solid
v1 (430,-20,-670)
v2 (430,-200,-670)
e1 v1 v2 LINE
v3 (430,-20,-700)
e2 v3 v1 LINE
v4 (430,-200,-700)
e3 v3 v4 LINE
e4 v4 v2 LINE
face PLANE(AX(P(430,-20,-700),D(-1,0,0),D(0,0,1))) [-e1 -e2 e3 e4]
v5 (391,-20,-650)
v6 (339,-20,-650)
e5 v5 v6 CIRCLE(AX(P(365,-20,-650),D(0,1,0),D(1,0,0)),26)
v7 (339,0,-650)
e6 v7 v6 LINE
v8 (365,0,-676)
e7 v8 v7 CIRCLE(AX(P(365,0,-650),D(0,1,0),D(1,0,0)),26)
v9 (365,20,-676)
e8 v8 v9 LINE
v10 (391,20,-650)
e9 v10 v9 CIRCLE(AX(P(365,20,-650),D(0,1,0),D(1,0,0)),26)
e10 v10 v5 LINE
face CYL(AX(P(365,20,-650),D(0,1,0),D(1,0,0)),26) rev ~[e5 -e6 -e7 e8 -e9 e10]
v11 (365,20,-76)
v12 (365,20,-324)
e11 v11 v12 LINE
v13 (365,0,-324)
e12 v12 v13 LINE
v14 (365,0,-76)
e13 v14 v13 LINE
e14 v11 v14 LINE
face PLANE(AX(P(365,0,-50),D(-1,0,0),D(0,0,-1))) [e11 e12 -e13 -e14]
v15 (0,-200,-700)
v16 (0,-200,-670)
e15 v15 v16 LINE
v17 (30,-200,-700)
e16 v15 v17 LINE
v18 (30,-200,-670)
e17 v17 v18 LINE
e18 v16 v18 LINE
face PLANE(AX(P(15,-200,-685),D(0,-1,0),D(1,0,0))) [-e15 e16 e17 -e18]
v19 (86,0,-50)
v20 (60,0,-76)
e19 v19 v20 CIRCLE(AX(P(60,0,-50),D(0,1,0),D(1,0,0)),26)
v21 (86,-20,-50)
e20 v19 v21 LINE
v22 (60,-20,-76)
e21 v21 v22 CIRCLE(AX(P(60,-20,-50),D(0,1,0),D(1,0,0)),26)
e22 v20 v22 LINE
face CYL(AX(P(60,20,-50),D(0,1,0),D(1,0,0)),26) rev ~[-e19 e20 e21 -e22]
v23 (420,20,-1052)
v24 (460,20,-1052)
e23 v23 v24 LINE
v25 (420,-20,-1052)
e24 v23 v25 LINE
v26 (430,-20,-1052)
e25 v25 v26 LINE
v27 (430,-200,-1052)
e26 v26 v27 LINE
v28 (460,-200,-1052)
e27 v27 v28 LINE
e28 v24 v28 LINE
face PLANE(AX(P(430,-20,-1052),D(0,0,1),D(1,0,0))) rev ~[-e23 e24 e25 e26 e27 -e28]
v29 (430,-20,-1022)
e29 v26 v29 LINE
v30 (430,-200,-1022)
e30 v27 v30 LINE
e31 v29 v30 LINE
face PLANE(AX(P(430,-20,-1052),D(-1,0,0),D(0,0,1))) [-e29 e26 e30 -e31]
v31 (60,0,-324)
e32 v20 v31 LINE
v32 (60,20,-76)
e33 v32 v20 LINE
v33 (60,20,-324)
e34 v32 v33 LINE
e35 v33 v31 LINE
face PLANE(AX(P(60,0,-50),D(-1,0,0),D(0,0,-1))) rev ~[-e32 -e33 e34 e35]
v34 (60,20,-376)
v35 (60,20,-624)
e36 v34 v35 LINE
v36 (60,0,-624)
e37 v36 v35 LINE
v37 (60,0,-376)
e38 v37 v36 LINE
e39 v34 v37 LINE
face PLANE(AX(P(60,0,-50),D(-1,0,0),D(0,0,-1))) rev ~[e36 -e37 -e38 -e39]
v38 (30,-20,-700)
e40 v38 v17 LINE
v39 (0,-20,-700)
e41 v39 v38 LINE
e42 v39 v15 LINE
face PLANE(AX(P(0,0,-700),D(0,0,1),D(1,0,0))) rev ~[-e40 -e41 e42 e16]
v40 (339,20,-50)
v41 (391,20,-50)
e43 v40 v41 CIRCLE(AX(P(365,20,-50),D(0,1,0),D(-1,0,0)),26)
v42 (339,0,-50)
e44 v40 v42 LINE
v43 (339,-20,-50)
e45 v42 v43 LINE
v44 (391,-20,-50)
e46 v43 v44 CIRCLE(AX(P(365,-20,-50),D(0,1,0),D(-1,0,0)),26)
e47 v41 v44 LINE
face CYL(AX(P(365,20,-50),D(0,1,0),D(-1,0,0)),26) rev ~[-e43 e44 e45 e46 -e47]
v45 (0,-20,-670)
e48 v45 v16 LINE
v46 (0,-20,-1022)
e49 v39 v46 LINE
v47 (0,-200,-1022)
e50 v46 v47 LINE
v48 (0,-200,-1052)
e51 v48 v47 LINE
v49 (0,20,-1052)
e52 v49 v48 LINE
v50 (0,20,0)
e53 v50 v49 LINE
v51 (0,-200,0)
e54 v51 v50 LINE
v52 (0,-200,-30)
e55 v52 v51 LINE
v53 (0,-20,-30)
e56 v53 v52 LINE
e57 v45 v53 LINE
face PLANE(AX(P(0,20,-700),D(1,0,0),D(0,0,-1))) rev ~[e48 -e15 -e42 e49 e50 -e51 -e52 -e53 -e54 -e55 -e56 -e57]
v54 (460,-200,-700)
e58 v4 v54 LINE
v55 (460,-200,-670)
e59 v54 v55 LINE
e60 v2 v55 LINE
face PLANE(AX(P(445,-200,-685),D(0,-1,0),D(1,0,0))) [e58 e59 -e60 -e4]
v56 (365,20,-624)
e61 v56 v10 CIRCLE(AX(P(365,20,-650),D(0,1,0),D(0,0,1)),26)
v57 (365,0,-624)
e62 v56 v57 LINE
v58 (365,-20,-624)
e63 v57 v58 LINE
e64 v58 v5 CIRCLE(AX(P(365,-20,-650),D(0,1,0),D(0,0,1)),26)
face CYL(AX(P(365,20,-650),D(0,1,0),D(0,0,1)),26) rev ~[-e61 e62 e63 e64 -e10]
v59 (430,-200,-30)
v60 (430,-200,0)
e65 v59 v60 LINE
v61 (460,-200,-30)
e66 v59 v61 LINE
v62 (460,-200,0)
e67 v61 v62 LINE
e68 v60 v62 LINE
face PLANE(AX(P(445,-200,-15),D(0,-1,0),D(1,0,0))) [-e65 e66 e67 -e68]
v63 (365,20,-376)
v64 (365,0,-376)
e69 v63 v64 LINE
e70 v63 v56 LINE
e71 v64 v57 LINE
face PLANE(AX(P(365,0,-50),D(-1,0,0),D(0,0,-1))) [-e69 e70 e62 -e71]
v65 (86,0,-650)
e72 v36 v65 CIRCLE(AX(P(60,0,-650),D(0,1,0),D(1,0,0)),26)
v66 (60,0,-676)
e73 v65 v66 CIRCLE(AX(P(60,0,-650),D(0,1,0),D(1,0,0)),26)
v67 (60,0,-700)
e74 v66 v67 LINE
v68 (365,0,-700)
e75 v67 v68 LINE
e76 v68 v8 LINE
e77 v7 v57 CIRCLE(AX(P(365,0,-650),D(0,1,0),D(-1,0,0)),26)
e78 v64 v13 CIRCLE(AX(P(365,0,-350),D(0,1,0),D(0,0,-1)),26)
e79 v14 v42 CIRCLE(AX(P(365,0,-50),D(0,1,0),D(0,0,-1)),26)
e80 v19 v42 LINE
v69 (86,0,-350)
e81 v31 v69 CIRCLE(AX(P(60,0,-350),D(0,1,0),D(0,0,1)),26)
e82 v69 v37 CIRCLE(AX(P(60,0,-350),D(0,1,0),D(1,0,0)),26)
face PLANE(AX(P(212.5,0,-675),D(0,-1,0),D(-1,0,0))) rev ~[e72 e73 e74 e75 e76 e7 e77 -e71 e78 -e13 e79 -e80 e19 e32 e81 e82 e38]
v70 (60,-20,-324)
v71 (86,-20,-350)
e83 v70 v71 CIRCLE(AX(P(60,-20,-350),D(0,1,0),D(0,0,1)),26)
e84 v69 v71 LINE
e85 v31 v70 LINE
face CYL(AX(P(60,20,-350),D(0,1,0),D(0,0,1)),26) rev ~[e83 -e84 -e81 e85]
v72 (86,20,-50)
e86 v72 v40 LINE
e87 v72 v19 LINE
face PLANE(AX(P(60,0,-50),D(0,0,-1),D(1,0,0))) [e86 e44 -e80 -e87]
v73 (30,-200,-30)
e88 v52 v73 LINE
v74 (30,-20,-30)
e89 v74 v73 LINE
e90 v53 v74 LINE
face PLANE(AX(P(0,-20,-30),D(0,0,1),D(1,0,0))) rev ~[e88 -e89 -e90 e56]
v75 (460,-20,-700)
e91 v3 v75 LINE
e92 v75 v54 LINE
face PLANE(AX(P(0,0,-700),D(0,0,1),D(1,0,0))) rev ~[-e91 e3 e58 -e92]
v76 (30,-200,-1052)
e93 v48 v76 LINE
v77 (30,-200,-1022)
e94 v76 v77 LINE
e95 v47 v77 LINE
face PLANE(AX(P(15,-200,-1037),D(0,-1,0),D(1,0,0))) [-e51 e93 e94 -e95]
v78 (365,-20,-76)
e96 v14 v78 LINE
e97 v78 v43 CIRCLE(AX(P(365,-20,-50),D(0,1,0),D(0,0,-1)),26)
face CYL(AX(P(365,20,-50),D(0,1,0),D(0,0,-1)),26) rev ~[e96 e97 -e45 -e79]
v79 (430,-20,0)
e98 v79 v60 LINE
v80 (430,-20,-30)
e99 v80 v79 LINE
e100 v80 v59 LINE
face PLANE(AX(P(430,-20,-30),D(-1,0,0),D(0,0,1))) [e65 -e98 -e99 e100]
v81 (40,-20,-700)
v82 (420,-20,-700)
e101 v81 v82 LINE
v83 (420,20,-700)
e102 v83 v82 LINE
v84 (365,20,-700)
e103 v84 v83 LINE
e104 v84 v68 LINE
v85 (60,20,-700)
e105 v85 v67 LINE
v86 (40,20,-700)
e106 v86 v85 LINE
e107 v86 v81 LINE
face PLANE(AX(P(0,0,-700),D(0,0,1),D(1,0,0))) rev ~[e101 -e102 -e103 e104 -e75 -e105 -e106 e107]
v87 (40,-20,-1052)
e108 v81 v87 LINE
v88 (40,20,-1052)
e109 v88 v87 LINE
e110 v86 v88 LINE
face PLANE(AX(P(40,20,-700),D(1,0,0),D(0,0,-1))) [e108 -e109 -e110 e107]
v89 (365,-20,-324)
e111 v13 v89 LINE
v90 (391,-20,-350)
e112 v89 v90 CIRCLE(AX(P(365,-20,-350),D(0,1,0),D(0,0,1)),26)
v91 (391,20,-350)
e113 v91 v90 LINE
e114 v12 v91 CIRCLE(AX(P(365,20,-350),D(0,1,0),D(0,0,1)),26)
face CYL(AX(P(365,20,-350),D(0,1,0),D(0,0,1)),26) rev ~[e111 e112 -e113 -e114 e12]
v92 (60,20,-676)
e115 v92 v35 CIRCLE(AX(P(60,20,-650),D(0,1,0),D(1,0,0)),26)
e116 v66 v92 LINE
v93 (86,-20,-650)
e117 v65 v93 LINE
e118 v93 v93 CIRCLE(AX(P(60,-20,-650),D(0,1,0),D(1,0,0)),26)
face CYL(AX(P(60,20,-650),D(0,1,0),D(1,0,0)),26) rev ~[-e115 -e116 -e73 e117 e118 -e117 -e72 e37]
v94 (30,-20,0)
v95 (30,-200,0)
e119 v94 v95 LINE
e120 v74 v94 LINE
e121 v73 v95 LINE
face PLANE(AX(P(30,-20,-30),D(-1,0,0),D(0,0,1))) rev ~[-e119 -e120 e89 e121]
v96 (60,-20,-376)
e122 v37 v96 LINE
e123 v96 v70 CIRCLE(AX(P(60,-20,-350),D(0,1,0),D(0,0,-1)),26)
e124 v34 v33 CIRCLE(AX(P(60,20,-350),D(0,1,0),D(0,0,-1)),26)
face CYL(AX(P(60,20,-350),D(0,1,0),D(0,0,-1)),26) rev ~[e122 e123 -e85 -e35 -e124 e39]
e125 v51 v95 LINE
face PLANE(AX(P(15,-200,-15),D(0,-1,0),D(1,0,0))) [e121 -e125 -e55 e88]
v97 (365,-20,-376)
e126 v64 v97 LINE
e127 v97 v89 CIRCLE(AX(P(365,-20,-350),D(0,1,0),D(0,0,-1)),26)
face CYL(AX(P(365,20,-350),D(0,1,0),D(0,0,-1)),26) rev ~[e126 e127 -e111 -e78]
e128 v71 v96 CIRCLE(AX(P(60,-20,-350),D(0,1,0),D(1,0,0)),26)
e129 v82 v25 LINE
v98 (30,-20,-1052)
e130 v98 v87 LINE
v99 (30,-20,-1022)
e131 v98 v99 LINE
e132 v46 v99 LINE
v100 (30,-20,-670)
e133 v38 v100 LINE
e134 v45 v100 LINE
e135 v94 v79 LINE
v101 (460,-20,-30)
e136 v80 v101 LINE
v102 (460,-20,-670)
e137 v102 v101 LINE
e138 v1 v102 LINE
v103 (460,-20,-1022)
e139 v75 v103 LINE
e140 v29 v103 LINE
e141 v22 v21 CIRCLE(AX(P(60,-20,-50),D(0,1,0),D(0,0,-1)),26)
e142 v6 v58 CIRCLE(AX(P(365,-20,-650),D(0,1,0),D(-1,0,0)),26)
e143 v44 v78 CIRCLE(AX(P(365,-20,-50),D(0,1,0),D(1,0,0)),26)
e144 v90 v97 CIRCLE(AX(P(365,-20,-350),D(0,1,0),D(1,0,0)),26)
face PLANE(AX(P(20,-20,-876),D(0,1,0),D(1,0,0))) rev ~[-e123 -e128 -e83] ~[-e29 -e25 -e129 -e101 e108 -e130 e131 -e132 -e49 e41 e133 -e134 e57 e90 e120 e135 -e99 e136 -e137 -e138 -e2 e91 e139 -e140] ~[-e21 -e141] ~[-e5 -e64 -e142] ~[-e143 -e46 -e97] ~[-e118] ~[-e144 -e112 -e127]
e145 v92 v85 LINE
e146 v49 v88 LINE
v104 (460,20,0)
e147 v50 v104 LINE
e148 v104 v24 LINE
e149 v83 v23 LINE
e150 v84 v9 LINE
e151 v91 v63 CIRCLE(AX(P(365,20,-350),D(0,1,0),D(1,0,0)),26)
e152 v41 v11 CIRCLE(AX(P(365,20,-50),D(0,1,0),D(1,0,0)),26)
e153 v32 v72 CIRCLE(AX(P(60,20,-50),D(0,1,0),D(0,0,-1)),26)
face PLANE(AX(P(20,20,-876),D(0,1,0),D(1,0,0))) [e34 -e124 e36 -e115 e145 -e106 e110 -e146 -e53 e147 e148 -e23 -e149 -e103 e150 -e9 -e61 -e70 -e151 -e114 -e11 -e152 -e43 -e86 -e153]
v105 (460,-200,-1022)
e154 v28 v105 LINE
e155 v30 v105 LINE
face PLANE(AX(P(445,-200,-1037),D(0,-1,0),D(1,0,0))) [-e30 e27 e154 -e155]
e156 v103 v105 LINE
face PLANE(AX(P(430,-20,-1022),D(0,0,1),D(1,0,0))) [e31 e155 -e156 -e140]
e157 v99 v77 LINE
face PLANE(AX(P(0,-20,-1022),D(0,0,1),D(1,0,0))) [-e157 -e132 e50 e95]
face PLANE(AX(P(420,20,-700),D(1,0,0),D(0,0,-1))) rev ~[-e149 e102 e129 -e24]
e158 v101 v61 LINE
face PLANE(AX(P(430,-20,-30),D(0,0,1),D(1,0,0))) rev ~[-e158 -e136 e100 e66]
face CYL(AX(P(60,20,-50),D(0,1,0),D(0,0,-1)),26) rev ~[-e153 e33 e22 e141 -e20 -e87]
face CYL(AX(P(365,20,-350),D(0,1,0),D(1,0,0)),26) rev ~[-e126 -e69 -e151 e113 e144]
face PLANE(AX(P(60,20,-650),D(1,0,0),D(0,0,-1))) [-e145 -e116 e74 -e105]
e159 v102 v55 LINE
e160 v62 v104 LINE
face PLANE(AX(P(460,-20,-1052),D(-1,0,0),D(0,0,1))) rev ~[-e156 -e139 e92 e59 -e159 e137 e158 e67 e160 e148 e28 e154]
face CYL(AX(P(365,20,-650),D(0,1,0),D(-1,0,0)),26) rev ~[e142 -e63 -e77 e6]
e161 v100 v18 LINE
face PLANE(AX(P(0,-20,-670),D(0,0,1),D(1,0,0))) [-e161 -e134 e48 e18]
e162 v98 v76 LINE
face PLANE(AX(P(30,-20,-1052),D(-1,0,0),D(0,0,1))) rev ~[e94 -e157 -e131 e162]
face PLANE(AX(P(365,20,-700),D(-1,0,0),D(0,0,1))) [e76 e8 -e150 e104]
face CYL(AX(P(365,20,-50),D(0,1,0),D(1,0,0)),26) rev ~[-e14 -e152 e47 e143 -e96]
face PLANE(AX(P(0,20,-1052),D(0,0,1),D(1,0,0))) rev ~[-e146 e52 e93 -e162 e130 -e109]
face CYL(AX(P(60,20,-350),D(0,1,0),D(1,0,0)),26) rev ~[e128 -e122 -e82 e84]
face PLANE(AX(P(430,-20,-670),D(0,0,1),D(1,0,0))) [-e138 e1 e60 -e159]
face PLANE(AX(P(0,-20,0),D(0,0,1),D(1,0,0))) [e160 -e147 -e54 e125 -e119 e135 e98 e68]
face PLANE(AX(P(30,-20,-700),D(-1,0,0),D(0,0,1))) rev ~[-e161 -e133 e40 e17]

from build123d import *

# Parameters (mm, degrees)
SKETCH2_W           = 460
SKETCH2_H           = 700
SKETCH2_W_2         = 305
SKETCH2_H_2         = 600
BOSS_EXTRUDE1_DEPTH = 20
SKETCH10_W          = 460
SKETCH10_H          = 700
BOSS_EXTRUDE6_DEPTH = 20
SKETCH11_W          = 30
SKETCH11_H          = 30
BOSS_EXTRUDE7_DEPTH = 180
SKETCH14_W          = 40
SKETCH14_H          = 352
BOSS_EXTRUDE8_DEPTH = 40
SKETCH15_W          = 30
SKETCH15_H          = 30
BOSS_EXTRUDE9_DEPTH = 180
SKETCH17_R          = 26
CUT_EXTRUDE1_DEPTH  = 60
CUT_EXTRUDE2_DEPTH  = 20


with BuildPart() as part:
    # Sketch2 → Boss-Extrude1 (new body)
    with BuildSketch(Plane(origin=(0, 0, 0), x_dir=(1, 0, 0), z_dir=(0, 1, 0))):
        with Locations((230, 350)):
            Rectangle(SKETCH2_W, SKETCH2_H)
        with Locations((212.5, 350)):
            Rectangle(SKETCH2_W_2, SKETCH2_H_2, mode=Mode.SUBTRACT)
    extrude(amount=BOSS_EXTRUDE1_DEPTH)

    # Sketch10 → Boss-Extrude6 (add)
    with BuildSketch(Plane.XZ):
        with Locations((230, -350)):
            Rectangle(SKETCH10_W, SKETCH10_H)
    extrude(amount=BOSS_EXTRUDE6_DEPTH)

    # Sketch11 → Boss-Extrude7 (add)
    with BuildSketch(Plane.XZ.offset(20)):
        with Locations((15, -15)):
            Rectangle(SKETCH11_W, SKETCH11_H)
        with Locations((445, -15)):
            Rectangle(SKETCH11_W, SKETCH11_H)
        with Locations((15, -685)):
            Rectangle(SKETCH11_W, SKETCH11_H)
        with Locations((445, -685)):
            Rectangle(SKETCH11_W, SKETCH11_H)
    extrude(amount=BOSS_EXTRUDE7_DEPTH)

    # Sketch14 → Boss-Extrude8 (add)
    with BuildSketch(Plane(origin=(0, 20, 0), x_dir=(1, 0, 0), z_dir=(0, 1, 0))):
        with Locations((20, 876)):
            Rectangle(SKETCH14_W, SKETCH14_H)
        with Locations((440, 876)):
            Rectangle(SKETCH14_W, SKETCH14_H)
    extrude(amount=-BOSS_EXTRUDE8_DEPTH)

    # Sketch15 → Boss-Extrude9 (add)
    with BuildSketch(Plane.XZ.offset(20)):
        with Locations((445, -1037)):
            Rectangle(SKETCH15_W, SKETCH15_H)
        with Locations((15, -1037)):
            Rectangle(SKETCH15_W, SKETCH15_H)
    extrude(amount=BOSS_EXTRUDE9_DEPTH)

    # Sketch17 → Cut-Extrude1 (cut)
    with BuildSketch(Plane(origin=(0, 20, 0), x_dir=(1, 0, 0), z_dir=(0, 1, 0))):
        with BuildLine():
            Line((365, 650), (339, 650))
            ThreePointArc((339, 650), (346.615223689, 631.615223689), (365, 624))
            Line((365, 624), (365, 650))
        make_face()
        with BuildLine():
            ThreePointArc((391, 650), (365, 676), (339, 650))
            Line((339, 650), (365, 650))
            Line((365, 650), (365, 624))
            ThreePointArc((365, 624), (383.384776311, 631.615223689), (391, 650))
        make_face()
        with BuildLine():
            Line((365, 324), (365, 376))
            ThreePointArc((365, 376), (339, 350), (365, 324))
        make_face()
        with BuildLine():
            ThreePointArc((391, 350), (383.384776311, 368.384776311), (365, 376))
            Line((365, 376), (365, 324))
            ThreePointArc((365, 324), (383.384776311, 331.615223689), (391, 350))
        make_face()
        with BuildLine():
            Line((365, 50), (365, 76))
            ThreePointArc((365, 76), (346.615223689, 68.384776311), (339, 50))
            Line((339, 50), (365, 50))
        make_face()
        with BuildLine():
            ThreePointArc((391, 50), (383.384776311, 68.384776311), (365, 76))
            Line((365, 76), (365, 50))
            Line((365, 50), (339, 50))
            ThreePointArc((339, 50), (365, 24), (391, 50))
        make_face()
        with BuildLine():
            Line((60, 324), (60, 376))
            ThreePointArc((60, 376), (34, 350), (60, 324))
        make_face()
        with BuildLine():
            ThreePointArc((86, 350), (78.384776311, 368.384776311), (60, 376))
            Line((60, 376), (60, 324))
            ThreePointArc((60, 324), (78.384776311, 331.615223689), (86, 350))
        make_face()
        with BuildLine():
            Line((60, 50), (60, 76))
            ThreePointArc((60, 76), (41.615223689, 31.615223689), (86, 50))
            Line((86, 50), (60, 50))
        make_face()
        with BuildLine():
            ThreePointArc((86, 50), (78.384776311, 68.384776311), (60, 76))
            Line((60, 76), (60, 50))
            Line((60, 50), (86, 50))
        make_face()
        with Locations((60, 650)):
            Circle(SKETCH17_R)
    extrude(amount=-CUT_EXTRUDE1_DEPTH, mode=Mode.SUBTRACT)

    # Sketch18 → Cut-Extrude2 (cut)
    with BuildSketch(Plane(origin=(0, 20, 0), x_dir=(1, 0, 0), z_dir=(0, 1, 0))):
        Polygon((60, 700), (365, 700), (365, 650), (212.5, 650), (60, 650), align=None)
    extrude(amount=-CUT_EXTRUDE2_DEPTH, mode=Mode.SUBTRACT)


solid = part.part
